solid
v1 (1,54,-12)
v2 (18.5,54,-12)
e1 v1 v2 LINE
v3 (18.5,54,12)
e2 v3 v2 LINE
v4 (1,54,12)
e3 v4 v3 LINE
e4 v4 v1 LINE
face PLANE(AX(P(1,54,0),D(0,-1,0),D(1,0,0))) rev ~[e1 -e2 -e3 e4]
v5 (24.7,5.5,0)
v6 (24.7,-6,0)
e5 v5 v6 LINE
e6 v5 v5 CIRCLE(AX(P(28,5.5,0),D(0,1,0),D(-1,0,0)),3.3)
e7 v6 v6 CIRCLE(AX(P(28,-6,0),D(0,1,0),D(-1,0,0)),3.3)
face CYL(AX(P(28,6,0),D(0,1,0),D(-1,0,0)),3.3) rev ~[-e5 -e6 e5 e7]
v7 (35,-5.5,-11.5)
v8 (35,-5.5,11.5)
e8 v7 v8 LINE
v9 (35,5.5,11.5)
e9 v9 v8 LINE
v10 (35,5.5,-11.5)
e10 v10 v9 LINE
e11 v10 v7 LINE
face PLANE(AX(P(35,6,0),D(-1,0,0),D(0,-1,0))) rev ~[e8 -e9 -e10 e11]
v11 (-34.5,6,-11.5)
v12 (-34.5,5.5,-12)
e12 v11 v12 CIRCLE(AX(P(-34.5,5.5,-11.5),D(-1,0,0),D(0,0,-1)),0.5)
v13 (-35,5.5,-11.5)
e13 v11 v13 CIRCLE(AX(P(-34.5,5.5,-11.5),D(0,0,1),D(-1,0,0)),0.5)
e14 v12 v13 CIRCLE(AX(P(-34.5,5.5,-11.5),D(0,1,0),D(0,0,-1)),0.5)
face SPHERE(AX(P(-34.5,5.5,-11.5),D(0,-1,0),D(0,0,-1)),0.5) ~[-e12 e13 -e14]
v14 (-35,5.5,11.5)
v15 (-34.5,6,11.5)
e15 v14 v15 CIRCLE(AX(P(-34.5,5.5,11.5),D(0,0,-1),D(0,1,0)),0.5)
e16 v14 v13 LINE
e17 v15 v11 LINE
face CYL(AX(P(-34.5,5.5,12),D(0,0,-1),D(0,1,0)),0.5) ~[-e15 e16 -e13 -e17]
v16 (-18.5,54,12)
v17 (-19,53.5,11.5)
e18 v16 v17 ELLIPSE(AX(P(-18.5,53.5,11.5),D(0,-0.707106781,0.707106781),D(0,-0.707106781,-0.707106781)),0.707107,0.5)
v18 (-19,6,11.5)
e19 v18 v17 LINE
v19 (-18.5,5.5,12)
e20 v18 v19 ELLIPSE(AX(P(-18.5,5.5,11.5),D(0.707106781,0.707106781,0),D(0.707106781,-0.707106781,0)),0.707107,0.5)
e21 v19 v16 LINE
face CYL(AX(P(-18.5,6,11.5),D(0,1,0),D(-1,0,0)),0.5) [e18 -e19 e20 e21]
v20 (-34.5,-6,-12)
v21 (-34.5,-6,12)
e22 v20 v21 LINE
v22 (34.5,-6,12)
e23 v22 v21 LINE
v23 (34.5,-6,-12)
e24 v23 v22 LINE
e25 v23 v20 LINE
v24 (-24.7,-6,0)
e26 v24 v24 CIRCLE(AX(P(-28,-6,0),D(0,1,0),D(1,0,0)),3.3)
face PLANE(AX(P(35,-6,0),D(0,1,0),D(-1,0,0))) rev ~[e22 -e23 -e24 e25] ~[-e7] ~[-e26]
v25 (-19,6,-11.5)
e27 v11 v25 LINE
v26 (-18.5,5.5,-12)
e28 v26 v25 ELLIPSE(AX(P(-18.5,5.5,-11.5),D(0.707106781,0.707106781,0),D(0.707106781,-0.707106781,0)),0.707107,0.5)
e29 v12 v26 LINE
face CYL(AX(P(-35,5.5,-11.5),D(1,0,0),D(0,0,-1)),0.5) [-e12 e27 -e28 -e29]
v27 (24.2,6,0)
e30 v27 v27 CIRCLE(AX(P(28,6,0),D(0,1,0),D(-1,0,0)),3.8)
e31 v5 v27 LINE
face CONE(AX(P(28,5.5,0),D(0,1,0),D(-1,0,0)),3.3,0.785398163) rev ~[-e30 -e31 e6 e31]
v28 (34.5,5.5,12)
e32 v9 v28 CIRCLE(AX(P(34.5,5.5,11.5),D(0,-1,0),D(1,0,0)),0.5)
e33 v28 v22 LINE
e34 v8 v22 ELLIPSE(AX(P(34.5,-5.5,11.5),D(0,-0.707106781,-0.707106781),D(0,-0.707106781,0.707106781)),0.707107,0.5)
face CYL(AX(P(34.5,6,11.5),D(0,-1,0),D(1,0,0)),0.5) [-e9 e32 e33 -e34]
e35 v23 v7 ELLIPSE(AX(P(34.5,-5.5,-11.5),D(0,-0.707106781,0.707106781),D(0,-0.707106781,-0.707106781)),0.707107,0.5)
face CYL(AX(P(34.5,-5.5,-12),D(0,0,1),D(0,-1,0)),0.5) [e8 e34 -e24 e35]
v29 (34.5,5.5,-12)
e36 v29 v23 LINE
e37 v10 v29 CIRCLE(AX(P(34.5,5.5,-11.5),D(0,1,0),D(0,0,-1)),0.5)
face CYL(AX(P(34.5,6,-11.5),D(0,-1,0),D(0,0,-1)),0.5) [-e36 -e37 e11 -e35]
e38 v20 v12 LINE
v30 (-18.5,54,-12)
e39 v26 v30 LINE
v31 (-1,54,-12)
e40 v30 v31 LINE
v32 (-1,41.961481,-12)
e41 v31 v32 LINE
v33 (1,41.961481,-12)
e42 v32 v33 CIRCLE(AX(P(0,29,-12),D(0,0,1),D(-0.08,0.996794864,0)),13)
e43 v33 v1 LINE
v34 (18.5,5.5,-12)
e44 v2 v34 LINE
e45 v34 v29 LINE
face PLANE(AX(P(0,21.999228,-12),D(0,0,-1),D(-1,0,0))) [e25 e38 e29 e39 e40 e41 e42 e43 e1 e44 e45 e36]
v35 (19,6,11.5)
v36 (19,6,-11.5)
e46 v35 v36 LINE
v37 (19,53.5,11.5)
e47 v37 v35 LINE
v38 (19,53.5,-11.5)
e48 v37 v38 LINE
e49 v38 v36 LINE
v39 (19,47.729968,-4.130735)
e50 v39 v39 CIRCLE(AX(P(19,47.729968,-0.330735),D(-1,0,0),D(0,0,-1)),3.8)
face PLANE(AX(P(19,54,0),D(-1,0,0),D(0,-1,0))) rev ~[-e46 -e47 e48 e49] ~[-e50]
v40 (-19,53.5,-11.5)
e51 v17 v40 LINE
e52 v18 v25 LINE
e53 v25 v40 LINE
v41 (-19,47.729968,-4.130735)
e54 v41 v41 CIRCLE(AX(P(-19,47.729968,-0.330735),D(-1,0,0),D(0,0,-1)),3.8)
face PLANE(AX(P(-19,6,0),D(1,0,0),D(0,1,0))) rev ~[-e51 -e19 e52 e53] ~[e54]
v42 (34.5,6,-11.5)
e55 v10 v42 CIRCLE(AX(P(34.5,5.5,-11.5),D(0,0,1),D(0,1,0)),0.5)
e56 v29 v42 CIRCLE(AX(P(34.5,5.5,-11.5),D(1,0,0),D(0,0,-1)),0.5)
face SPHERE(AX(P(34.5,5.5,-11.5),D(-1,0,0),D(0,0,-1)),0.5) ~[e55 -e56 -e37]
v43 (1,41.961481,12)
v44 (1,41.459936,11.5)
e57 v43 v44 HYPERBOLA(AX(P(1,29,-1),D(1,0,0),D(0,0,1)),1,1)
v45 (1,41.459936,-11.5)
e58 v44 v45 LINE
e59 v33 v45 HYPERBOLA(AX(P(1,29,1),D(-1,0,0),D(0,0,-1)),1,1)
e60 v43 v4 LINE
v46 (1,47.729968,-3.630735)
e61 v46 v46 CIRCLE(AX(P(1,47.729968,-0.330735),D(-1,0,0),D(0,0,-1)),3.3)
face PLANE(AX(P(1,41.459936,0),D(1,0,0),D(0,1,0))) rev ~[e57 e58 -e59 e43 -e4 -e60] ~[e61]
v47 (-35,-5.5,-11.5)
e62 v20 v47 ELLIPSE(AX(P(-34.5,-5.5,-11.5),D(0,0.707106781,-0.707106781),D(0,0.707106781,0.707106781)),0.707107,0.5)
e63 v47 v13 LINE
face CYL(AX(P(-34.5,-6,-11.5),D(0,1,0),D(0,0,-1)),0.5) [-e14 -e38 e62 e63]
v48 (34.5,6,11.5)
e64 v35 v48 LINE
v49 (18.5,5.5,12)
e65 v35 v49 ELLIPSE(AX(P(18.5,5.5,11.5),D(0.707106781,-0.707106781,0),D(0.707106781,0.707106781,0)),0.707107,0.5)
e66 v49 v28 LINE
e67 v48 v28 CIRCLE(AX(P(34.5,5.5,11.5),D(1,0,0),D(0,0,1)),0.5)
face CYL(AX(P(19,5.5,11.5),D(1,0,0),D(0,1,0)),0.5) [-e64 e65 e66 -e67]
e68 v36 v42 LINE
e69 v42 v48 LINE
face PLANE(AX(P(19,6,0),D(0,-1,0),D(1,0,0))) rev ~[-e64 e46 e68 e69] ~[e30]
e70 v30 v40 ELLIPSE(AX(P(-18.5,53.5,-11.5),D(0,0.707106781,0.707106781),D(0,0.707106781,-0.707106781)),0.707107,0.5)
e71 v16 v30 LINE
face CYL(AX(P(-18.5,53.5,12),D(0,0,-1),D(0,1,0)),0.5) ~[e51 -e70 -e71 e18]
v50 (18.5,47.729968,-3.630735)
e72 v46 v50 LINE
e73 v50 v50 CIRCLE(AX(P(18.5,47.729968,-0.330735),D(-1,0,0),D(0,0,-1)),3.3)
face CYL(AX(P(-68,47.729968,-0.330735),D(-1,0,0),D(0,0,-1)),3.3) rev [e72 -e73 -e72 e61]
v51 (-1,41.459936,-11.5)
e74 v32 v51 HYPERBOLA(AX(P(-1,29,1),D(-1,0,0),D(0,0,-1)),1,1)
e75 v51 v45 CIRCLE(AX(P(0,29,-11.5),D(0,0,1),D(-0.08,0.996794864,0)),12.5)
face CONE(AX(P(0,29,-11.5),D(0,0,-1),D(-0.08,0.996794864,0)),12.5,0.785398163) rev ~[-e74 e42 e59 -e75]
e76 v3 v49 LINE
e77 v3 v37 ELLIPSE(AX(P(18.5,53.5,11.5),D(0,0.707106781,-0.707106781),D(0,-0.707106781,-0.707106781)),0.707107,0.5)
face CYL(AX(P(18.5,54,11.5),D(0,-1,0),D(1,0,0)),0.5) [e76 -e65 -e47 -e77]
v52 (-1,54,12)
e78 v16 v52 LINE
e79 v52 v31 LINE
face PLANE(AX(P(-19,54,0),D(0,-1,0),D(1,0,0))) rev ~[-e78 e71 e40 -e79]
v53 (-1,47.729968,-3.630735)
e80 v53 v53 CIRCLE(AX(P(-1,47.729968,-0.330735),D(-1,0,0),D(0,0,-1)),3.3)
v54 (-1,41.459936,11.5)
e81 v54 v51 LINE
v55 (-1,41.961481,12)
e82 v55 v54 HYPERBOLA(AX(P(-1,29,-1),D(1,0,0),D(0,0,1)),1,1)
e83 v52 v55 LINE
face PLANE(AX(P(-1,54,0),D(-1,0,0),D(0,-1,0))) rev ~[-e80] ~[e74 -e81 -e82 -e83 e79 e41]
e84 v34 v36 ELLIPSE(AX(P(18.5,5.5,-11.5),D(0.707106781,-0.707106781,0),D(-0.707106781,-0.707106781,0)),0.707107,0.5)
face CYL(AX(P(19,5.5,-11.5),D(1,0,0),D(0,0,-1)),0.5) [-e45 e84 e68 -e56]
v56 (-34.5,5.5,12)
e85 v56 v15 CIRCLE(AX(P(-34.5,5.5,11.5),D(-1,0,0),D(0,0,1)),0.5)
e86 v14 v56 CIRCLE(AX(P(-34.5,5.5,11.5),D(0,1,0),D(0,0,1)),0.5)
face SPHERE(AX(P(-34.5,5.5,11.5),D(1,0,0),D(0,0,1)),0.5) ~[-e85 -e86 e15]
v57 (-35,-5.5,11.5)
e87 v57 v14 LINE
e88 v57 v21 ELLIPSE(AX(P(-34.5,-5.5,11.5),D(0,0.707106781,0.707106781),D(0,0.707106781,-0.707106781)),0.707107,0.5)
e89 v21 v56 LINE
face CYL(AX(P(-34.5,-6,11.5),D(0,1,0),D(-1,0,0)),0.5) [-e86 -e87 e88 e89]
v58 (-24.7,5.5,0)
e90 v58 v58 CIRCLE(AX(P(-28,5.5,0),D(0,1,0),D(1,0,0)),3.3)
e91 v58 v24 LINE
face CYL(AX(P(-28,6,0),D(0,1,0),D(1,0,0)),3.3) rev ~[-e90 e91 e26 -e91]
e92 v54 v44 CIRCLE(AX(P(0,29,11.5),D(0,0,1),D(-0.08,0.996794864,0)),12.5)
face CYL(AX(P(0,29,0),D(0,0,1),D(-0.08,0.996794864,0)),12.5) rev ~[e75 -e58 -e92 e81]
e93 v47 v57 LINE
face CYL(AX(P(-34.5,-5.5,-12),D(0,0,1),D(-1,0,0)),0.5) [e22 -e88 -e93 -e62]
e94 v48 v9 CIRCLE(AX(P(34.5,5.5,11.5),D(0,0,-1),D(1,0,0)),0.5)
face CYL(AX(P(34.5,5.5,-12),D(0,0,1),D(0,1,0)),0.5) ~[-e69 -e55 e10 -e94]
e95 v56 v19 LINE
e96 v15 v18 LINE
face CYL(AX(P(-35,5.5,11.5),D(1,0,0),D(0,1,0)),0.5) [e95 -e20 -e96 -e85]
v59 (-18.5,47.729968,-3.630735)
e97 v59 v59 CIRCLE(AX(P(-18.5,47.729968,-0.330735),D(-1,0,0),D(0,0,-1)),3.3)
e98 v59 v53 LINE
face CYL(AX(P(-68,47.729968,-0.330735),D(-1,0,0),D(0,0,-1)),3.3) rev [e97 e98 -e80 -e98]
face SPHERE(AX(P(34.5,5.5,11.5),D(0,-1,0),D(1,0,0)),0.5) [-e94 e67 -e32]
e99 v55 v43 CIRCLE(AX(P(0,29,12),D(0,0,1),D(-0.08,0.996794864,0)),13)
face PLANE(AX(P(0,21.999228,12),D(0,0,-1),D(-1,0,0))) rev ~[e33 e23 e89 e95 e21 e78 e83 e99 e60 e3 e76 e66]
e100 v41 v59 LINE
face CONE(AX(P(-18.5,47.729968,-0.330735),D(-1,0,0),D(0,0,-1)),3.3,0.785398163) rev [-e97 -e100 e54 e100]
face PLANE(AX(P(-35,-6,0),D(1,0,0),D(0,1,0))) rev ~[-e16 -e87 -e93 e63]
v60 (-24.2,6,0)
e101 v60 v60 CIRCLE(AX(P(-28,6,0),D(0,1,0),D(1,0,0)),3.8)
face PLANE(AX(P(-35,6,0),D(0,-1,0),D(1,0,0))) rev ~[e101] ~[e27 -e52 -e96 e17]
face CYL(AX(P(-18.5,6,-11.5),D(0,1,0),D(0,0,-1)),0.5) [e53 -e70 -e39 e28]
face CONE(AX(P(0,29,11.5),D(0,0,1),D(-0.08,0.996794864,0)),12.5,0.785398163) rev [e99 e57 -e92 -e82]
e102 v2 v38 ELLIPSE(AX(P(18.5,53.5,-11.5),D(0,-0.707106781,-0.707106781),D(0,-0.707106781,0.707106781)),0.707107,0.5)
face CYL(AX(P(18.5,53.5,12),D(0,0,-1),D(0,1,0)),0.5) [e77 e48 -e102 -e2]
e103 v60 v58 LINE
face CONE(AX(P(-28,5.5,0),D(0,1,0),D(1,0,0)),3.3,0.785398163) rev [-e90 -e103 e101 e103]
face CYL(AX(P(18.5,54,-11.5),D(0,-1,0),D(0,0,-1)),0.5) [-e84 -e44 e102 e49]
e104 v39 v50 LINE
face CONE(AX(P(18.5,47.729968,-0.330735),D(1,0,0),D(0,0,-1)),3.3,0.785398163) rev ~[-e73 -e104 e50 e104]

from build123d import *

# Parameters (mm, degrees)
BOSS_EXTRUDE1_DEPTH     = 12
SKETCH2_R               = 3.3
CUT_EXTRUDE1_DEPTH      = 61.605280298
CUT_EXTRUDE2_DEPTH      = 67
CUT_EXTRUDE2_DEPTH_BACK = 67
SKETCH5_R               = 3.3
CHAMFER2_SIZE           = 0.5
FILLET2_R               = 0.5


with BuildPart() as part:
    # Sketch1 → Boss-Extrude1 (new, symmetric)
    with BuildSketch(Plane.XY):
        with BuildLine():
            Line((-35, -6), (-35, 6))
            Line((-35, 6), (-19, 6))
            Line((-19, 6), (-19, 54))
            Line((-19, 54), (-1, 54))
            Line((-1, 54), (-1, 41.459935794))
            ThreePointArc((-1, 41.459935794), (0, 16.5), (1, 41.459935794))
            Line((1, 41.459935794), (1, 54))
            Line((1, 54), (19, 54))
            Line((19, 54), (19, 6))
            Line((19, 6), (35, 6))
            Line((35, 6), (35, -6))
            Line((35, -6), (-35, -6))
        make_face()
    extrude(amount=BOSS_EXTRUDE1_DEPTH, both=True)

    # Sketch2 → Cut-Extrude1 (cut, through all)
    with BuildSketch(Plane(origin=(0, 6, 0), x_dir=(1, 0, 0), z_dir=(0, 1, 0))):
        with Locations(Location((28, 0, 0), (0, 0, 180))):
            Circle(SKETCH2_R)
        with Locations((-28, 0)):
            Circle(SKETCH2_R)
    extrude(amount=-CUT_EXTRUDE1_DEPTH, mode=Mode.SUBTRACT)

    # Sketch5 → Cut-Extrude2 (cut, two sides: drawn at the far end of the back side and taken through both)
    with BuildSketch(Plane(origin=(-1, 0, 0), x_dir=(0, 0, -1), z_dir=(1, 0, 0)).offset(-CUT_EXTRUDE2_DEPTH_BACK)):
        with Locations((0.330734984, 47.729967897)):
            Circle(SKETCH5_R)
    extrude(amount=CUT_EXTRUDE2_DEPTH + CUT_EXTRUDE2_DEPTH_BACK, mode=Mode.SUBTRACT)

    # Chamfer2
    chamfer2_edges = [part.edges().sort_by_distance(p)[0] for p in [
        (0, 16.5, -12),
        (0, 16.5, 12),
        (31.3, 6, 0),
        (-31.3, 6, 0),
        (-19, 47.729967897, 2.969265016),
        (19, 47.729967897, 2.969265016),
    ]]
    chamfer(chamfer2_edges, length=CHAMFER2_SIZE)

    # Fillet2
    fillet2_edges = [part.edges().sort_by_distance(p)[0] for p in [
        (-27, 6, 12),
        (19, 30, -12),
        (27, 6, -12),
        (-35, 0, 12),
        (35, 0, -12),
        (-35, 0, -12),
        (-27, 6, -12),
        (-19, 30, -12),
        (35, 0, 12),
        (19, 54, 0),
        (35, 6, 0),
        (35, -6, 0),
        (-35, -6, 0),
        (-35, 6, 0),
        (-19, 54, 0),
        (27, 6, 12),
        (19, 30, 12),
        (-19, 30, 12),
    ]]
    fillet(fillet2_edges, radius=FILLET2_R)


solid = part.part
